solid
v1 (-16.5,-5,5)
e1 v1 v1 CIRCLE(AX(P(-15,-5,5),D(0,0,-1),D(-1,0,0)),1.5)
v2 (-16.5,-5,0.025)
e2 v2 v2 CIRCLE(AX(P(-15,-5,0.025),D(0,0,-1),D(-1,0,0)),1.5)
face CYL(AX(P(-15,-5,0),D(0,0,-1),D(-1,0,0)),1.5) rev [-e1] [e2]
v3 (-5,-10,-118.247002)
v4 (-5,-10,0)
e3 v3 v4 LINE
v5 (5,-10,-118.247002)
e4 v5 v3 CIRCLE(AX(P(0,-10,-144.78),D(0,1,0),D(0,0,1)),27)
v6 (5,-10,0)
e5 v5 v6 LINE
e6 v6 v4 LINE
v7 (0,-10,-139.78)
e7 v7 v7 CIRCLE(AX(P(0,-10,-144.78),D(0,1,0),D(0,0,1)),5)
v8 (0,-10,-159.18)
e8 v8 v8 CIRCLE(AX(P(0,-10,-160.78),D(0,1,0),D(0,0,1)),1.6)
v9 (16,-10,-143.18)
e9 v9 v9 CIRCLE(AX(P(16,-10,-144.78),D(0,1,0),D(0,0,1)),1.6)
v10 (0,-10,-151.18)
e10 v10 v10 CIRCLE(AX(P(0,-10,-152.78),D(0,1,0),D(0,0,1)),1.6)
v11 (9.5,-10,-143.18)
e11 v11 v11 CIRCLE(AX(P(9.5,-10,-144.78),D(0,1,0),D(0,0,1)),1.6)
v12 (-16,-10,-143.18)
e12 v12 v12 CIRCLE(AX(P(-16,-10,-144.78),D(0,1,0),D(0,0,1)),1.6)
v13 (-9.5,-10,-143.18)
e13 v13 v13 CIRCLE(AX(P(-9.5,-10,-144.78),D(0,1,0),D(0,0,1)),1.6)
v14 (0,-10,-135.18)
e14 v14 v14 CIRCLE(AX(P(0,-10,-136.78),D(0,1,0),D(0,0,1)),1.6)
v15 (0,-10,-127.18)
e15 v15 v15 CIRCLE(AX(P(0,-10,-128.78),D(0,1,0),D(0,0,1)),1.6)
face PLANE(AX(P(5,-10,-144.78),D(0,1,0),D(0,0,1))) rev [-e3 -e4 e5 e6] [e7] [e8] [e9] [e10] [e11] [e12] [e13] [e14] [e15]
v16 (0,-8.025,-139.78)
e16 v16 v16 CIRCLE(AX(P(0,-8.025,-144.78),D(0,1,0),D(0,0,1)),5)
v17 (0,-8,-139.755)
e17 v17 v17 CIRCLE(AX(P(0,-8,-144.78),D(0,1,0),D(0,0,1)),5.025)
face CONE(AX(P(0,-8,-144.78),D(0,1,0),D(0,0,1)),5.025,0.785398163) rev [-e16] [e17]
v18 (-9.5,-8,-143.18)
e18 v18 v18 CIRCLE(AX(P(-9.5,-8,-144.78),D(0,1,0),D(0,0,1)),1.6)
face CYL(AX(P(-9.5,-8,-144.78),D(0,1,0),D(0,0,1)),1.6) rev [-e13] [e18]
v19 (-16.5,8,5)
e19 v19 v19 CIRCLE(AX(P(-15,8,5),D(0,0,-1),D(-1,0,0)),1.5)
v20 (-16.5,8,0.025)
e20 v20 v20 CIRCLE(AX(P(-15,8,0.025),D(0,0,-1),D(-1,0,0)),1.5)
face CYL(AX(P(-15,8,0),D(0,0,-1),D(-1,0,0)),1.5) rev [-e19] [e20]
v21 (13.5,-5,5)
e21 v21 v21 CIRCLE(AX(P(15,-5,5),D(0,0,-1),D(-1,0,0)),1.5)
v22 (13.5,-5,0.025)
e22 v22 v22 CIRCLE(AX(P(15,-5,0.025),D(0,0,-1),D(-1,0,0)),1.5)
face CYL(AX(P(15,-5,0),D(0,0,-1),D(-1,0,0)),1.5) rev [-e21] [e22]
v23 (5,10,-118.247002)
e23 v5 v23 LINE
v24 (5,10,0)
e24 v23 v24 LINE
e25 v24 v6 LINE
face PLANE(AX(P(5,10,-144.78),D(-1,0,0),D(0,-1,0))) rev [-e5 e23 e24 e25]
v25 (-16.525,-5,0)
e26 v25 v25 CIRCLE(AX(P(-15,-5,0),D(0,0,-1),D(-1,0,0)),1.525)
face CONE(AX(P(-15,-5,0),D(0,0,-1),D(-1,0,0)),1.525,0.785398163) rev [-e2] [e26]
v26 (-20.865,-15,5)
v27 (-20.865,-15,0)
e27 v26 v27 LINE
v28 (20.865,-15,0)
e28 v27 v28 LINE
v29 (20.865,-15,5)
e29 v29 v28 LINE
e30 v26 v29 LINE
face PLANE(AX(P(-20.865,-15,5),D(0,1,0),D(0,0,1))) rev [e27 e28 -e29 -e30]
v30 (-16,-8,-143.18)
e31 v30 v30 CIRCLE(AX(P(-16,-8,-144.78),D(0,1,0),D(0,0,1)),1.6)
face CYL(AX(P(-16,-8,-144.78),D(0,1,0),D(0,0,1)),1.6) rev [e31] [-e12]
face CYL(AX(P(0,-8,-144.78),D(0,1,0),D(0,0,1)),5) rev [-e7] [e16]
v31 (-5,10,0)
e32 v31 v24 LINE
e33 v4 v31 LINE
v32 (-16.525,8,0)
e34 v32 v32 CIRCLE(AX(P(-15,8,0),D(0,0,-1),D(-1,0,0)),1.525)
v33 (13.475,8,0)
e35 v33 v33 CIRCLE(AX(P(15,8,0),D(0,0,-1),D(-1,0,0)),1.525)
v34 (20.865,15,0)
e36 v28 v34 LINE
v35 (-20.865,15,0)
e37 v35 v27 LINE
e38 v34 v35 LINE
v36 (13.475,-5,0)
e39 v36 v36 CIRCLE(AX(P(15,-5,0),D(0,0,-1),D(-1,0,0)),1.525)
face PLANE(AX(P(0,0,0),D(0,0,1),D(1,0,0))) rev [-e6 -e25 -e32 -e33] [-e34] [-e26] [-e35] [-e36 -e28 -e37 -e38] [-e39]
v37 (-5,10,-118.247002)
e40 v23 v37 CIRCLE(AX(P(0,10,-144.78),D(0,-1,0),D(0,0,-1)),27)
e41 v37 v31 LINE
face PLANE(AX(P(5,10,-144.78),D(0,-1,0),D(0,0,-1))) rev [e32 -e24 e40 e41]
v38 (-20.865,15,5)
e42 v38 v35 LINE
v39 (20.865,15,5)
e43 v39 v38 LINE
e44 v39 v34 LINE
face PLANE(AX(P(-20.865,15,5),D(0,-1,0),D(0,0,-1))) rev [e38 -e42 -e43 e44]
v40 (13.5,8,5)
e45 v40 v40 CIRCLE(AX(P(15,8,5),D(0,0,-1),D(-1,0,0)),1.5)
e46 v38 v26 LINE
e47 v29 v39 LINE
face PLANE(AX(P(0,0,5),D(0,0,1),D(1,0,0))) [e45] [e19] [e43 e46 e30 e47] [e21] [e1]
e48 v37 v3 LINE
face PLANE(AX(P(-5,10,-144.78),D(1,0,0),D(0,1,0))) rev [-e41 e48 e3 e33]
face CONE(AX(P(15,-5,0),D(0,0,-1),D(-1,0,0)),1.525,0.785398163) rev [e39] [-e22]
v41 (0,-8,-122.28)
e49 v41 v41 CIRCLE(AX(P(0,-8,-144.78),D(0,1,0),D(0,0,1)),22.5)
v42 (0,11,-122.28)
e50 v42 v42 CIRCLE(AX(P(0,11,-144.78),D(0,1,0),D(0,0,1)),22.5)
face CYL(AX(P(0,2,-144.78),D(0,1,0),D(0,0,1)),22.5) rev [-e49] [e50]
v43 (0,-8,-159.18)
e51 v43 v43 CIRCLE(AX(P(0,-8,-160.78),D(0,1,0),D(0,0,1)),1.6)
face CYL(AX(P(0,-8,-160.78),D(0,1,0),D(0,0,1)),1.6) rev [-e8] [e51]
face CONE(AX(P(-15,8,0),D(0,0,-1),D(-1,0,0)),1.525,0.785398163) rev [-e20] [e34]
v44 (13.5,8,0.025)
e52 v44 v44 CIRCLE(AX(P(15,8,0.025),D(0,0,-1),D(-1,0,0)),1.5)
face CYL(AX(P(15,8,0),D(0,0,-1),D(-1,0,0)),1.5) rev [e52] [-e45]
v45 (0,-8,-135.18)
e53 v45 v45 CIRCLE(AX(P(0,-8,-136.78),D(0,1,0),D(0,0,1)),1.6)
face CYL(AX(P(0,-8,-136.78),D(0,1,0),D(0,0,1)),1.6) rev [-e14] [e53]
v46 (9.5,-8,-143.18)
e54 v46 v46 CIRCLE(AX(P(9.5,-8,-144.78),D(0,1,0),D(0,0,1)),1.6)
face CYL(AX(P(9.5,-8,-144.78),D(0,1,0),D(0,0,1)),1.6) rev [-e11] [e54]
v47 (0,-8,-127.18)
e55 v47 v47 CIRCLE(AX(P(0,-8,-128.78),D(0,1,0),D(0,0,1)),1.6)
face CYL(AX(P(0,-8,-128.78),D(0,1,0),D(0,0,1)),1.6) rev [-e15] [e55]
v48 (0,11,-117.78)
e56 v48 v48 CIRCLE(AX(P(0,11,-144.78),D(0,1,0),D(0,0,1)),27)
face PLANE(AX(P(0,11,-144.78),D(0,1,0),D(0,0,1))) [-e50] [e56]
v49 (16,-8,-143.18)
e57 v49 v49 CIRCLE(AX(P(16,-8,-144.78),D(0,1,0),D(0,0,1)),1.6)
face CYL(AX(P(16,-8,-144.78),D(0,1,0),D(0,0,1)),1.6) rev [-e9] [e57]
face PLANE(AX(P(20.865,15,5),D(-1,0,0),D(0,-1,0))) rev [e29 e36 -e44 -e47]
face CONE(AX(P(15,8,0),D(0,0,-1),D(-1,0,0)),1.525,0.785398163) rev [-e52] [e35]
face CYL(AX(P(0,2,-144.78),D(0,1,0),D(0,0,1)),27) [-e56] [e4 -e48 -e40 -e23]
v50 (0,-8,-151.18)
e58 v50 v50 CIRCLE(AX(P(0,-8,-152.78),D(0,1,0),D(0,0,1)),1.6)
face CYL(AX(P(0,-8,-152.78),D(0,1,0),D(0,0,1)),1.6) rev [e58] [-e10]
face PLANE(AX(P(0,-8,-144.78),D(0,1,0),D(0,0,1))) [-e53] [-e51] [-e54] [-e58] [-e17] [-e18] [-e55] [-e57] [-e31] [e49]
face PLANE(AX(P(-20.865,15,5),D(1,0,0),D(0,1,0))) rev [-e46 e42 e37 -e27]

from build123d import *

# Parameters (mm, degrees)
SKETCH1_W                        = 41.73
SKETCH1_H                        = 30
BOSS_EXTRUDE1_DEPTH              = 5
SKETCH2_W                        = 10
SKETCH2_H                        = 20
BOSS_EXTRUDE3_DEPTH              = 144.78
BOSS_EXTRUDE5_DEPTH              = 1
BOSS_EXTRUDE5_DEPTH_BACK         = 8
SKETCH3_R                        = 27
SKETCH3_R_2                      = 22.5
SKETCH4_R                        = 22.5
CUT_EXTRUDE3_DEPTH               = 176.676886357
SKETCH7_R                        = 27
BOSS_EXTRUDE6_DEPTH              = 20
CUT_EXTRUDE5_START               = -18
SKETCH4_2_R                      = 22.5
CUT_EXTRUDE5_DEPTH               = 18
F_3_0MM_DOWEL_HOLE3_D            = 3
F_3_0MM_DOWEL_HOLE3_DEPTH        = 5
F_3_0MM_DOWEL_HOLE3_CSINK_D      = 3.05
F_3_0MM_DOWEL_HOLE3_CSINK_ANGLE  = 90
F_10_0MM_DOWEL_HOLE1_D           = 10
F_10_0MM_DOWEL_HOLE1_CSINK_D     = 10.05
F_10_0MM_DOWEL_HOLE1_CSINK_ANGLE = 90
F_3_0MM_DOWEL_HOLE4_D            = 3.2


with BuildPart() as part:
    # Sketch1 → Boss-Extrude1 (new body)
    with BuildSketch(Plane.XY):
        Rectangle(SKETCH1_W, SKETCH1_H)
    extrude(amount=BOSS_EXTRUDE1_DEPTH)

    # Sketch2 → Boss-Extrude3 (add)
    with BuildSketch(Plane(origin=(0, 0, 0), x_dir=(-1, 0, 0), z_dir=(0, 0, -1))):
        Rectangle(SKETCH2_W, SKETCH2_H)
    extrude(amount=BOSS_EXTRUDE3_DEPTH)

    # Sketch3 → Boss-Extrude5 (add, two sides: drawn at the far end of the back side and taken through both)
    with BuildSketch(Plane(origin=(0, 10, 0), x_dir=(1, 0, 0), z_dir=(0, 1, 0)).offset(-BOSS_EXTRUDE5_DEPTH_BACK)):
        with Locations(Location((0, 144.78, 0), (0, 0, 270))):
            Circle(SKETCH3_R)
        with Locations(Location((0, 144.78, 0), (0, 0, 270))):
            Circle(SKETCH3_R_2, mode=Mode.SUBTRACT)
    extrude(amount=BOSS_EXTRUDE5_DEPTH + BOSS_EXTRUDE5_DEPTH_BACK)

    # Sketch4 → Cut-Extrude3 (cut, through all)
    with BuildSketch(Plane(origin=(0, 10, 0), x_dir=(1, 0, 0), z_dir=(0, 1, 0))):
        with Locations(Location((0, 144.78, 0), (0, 0, 270))):
            Circle(SKETCH4_R)
    extrude(amount=-CUT_EXTRUDE3_DEPTH, mode=Mode.SUBTRACT)

    # Sketch7 → Boss-Extrude6 (add)
    with BuildSketch(Plane(origin=(0, 10, 0), x_dir=(1, 0, 0), z_dir=(0, 1, 0))):
        with Locations(Location((0, 144.78, 0), (0, 0, 270))):
            Circle(SKETCH7_R)
    extrude(amount=-BOSS_EXTRUDE6_DEPTH)

    # Sketch4<2> → Cut-Extrude5 (cut)
    with BuildSketch(Plane(origin=(0, 10, 0), x_dir=(1, 0, 0), z_dir=(0, 1, 0)).offset(CUT_EXTRUDE5_START)):
        with Locations(Location((0, 144.78, 0), (0, 0, 270))):
            Circle(SKETCH4_2_R)
    extrude(amount=CUT_EXTRUDE5_DEPTH, mode=Mode.SUBTRACT)

    # Ø3.0mm Dowel Hole3
    with Locations(Plane(origin=(0, 0, 0), x_dir=(-1, 0, 0), z_dir=(0, 0, -1))):
        with Locations((15, 8), (-15, 8), (15, -5), (-15, -5)):
            CounterSinkHole(F_3_0MM_DOWEL_HOLE3_D / 2, F_3_0MM_DOWEL_HOLE3_CSINK_D / 2, depth=F_3_0MM_DOWEL_HOLE3_DEPTH, counter_sink_angle=F_3_0MM_DOWEL_HOLE3_CSINK_ANGLE)

    # Ø10.0mm Dowel Hole1 (through all)
    with Locations(Plane(origin=(0, -8, 0), x_dir=(1, 0, 0), z_dir=(0, 1, 0))):
        with Locations((0, 144.78)):
            CounterSinkHole(F_10_0MM_DOWEL_HOLE1_D / 2, F_10_0MM_DOWEL_HOLE1_CSINK_D / 2, counter_sink_angle=F_10_0MM_DOWEL_HOLE1_CSINK_ANGLE)

    # Ø3.0mm Dowel Hole4 (through all)
    with Locations(Plane(origin=(0, -8, 0), x_dir=(1, 0, 0), z_dir=(0, 1, 0))):
        with Locations((0, 128.78), (0, 136.78), (16, 144.78), (9.5, 144.78), (0, 160.78), (0, 152.78), (-16, 144.78), (-9.5, 144.78)):
            Hole(F_3_0MM_DOWEL_HOLE4_D / 2)


solid = part.part
